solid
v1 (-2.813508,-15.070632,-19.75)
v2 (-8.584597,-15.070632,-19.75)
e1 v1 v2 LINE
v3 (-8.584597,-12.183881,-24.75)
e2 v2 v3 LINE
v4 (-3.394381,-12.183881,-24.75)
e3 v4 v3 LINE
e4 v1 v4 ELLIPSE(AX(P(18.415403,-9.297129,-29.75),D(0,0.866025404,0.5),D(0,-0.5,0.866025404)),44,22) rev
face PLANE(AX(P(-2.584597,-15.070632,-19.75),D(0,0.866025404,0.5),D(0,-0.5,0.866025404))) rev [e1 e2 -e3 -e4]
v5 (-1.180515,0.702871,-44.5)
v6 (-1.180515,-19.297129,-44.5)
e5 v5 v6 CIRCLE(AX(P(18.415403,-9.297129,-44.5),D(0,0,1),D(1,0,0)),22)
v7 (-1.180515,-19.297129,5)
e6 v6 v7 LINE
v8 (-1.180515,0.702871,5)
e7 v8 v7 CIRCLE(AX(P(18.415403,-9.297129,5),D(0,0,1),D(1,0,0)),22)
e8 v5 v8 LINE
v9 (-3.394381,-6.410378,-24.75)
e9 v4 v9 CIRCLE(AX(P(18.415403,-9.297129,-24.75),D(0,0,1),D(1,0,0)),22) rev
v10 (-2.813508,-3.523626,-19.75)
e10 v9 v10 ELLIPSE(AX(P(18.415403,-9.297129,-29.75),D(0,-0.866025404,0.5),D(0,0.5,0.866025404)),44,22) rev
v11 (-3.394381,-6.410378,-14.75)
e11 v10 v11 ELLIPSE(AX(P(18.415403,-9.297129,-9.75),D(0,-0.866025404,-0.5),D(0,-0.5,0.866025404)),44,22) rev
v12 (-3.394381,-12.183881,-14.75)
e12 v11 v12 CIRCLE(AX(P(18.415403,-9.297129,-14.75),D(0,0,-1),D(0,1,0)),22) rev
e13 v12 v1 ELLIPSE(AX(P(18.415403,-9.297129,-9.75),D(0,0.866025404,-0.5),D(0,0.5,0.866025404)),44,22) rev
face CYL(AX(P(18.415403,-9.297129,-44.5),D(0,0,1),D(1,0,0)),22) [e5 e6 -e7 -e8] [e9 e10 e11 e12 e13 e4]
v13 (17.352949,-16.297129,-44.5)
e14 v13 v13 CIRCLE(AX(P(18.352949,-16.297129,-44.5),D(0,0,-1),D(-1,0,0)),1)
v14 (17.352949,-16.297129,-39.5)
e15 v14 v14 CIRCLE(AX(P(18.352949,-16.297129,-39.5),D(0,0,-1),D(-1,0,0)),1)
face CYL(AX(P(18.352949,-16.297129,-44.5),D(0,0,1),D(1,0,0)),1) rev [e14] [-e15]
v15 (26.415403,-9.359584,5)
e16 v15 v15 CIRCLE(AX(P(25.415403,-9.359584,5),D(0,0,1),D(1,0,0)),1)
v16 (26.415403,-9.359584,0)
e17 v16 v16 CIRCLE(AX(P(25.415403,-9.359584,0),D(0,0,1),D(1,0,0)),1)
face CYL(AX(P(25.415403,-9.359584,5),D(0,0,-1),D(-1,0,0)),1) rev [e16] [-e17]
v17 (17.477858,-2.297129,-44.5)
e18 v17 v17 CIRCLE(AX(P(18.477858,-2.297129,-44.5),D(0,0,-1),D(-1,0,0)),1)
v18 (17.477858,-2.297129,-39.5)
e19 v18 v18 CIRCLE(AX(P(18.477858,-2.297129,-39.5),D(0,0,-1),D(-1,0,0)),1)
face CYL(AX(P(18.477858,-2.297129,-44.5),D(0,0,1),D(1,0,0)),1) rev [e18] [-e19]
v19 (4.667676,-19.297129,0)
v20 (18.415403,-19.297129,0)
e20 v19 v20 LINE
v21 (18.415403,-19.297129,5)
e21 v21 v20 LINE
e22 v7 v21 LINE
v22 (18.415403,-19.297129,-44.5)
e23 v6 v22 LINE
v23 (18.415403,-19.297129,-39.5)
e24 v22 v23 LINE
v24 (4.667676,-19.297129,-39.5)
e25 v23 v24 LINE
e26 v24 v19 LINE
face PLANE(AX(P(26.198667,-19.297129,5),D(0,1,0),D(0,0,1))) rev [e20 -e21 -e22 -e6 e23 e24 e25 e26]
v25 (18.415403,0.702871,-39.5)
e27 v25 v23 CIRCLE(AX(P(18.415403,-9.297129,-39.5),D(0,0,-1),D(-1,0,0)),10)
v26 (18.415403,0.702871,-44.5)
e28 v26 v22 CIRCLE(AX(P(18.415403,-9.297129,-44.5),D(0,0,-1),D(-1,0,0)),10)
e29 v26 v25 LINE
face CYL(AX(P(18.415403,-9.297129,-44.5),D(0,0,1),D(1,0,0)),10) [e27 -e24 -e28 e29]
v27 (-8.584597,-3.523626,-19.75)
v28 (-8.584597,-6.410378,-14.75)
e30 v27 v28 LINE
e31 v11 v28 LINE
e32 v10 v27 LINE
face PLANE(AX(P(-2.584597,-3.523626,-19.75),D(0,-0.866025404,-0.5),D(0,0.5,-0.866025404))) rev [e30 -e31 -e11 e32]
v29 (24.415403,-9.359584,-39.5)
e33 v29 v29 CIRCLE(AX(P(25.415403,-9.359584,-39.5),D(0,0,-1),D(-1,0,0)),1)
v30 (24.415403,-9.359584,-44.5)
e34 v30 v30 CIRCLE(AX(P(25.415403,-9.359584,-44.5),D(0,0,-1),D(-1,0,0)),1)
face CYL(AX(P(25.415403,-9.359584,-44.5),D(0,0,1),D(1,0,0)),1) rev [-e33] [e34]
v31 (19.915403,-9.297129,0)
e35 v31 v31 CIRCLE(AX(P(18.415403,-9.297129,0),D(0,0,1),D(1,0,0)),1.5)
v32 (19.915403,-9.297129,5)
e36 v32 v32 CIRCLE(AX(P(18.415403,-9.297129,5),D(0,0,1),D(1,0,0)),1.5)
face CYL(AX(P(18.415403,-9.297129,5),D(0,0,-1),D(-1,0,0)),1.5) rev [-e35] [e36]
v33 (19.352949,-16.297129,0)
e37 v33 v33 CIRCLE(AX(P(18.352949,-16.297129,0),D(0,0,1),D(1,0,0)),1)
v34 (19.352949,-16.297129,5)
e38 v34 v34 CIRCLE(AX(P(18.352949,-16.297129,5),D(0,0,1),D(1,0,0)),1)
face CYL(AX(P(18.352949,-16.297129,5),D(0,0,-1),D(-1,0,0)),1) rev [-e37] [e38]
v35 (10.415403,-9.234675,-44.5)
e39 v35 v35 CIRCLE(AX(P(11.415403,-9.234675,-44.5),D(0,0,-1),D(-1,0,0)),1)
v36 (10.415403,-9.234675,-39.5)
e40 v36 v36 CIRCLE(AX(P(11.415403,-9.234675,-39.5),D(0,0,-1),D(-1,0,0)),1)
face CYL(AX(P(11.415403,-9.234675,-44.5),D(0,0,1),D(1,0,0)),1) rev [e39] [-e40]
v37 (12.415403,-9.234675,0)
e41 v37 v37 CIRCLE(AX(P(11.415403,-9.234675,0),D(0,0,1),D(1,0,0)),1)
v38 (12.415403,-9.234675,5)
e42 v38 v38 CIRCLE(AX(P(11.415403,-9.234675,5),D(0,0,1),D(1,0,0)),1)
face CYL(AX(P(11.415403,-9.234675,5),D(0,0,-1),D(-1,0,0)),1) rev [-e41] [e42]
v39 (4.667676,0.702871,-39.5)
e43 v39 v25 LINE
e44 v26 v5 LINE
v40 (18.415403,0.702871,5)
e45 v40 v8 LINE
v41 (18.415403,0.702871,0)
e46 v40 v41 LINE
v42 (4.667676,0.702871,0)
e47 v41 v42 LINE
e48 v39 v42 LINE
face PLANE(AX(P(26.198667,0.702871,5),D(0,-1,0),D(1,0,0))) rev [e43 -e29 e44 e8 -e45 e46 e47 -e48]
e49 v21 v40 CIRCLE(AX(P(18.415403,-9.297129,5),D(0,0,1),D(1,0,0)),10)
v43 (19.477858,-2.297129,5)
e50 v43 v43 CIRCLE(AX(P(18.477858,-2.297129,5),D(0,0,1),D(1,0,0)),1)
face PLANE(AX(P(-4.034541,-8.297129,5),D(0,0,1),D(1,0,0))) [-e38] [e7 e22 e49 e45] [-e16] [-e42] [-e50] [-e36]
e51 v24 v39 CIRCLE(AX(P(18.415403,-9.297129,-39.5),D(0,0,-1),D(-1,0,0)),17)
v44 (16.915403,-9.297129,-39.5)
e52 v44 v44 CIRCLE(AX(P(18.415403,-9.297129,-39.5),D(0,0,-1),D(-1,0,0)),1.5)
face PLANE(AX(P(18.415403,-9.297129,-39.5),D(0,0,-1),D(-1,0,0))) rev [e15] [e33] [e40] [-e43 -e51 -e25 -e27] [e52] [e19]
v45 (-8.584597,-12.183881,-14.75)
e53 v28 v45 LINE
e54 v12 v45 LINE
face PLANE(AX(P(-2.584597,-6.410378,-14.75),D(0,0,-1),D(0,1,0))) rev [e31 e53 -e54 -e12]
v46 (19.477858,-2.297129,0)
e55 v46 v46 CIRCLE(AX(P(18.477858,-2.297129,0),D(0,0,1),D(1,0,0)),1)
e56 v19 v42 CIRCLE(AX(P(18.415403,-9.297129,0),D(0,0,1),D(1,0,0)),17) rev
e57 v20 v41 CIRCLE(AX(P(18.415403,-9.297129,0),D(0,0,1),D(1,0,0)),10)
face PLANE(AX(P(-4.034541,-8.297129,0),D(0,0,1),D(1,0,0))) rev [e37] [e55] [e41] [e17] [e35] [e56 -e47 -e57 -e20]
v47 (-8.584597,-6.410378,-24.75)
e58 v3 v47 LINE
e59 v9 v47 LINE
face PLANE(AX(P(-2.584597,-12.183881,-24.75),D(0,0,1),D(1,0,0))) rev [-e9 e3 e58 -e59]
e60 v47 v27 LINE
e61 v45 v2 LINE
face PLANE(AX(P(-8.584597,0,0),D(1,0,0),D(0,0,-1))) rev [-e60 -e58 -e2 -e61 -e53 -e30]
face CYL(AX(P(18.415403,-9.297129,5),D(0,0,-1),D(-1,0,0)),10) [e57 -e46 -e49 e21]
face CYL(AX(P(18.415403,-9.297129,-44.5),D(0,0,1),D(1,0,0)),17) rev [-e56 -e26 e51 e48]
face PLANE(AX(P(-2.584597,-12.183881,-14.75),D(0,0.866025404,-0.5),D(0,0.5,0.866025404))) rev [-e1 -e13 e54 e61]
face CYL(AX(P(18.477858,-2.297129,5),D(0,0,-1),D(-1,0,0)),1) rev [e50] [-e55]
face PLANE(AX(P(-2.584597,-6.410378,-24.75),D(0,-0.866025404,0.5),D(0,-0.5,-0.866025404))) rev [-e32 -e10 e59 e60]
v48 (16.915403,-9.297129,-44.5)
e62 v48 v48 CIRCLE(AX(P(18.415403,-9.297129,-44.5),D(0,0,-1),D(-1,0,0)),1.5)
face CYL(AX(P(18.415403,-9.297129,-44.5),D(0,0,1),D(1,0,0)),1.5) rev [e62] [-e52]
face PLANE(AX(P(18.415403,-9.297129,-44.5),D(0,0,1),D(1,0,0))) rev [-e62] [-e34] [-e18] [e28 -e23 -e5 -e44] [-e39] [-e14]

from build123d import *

# Parameters (mm, degrees)
ESQUISSE1_R             = 1
ESQUISSE1_R_2           = 1.5
BOSS_EXTRU_1_DEPTH      = 5
ENL_V_MAT_EXTRU_1_DEPTH = 5
ESQUISSE3_W             = 20
ESQUISSE3_H             = 34
BOSS_EXTRU_2_DEPTH      = 5
ESQUISSE4_R             = 1.5
ESQUISSE4_W             = 9.798464728
ESQUISSE4_H             = 39.858161606
ENL_V_MAT_EXTRU_2_DEPTH = 5
ESQUISSE5_W             = 2.5
ESQUISSE5_H             = 34
BOSS_EXTRU_3_DEPTH      = 5
ESQUISSE6_R             = 1.6
BOSS_EXTRU_4_DEPTH      = 5
ESQUISSE7_W             = 28.704476199
ESQUISSE7_H             = 52.959758587
ENL_V_MAT_EXTRU_3_DEPTH = 10
ESQUISSE8_R             = 1
ESQUISSE8_R_2           = 1.5
BOSS_EXTRU_5_DEPTH      = 5
BOSS_EXTRU_6_DEPTH      = 49.5
BOSS_EXTRU_7_DEPTH      = 1
BOSS_EXTRU_7_DEPTH_BACK = 5


with BuildPart() as part:
    # Esquisse1 → Boss.-Extru.1 (new body)
    with BuildSketch(Plane.XY):
        with BuildLine():
            Line((-13.584596858, -30.047129187), (-13.584596858, -25.547129187))
            Line((-13.584596858, -25.547129187), (-13.584596858, -25.297129187))
            Line((-13.584596858, -25.297129187), (-13.834596858, -25.297129187))
            Line((-13.834596858, -25.297129187), (-16.334596858, -25.297129187))
            Line((-16.334596858, -25.297129187), (-16.584596858, -25.297129187))
            Line((-16.584596858, -25.297129187), (-16.584596858, -25.047129187))
            Line((-16.584596858, -25.047129187), (-16.584596858, 6.452870813))
            Line((-16.584596858, 6.452870813), (-16.584596858, 6.702870813))
            Line((-16.584596858, 6.702870813), (-16.334596858, 6.702870813))
            Line((-16.334596858, 6.702870813), (-13.834596858, 6.702870813))
            Line((-13.834596858, 6.702870813), (-13.584596858, 6.702870813))
            Line((-13.584596858, 6.702870813), (-13.584596858, 6.952870813))
            Line((-13.584596858, 6.952870813), (-13.584596858, 11.452870813))
            Line((-13.584596858, 11.452870813), (-13.584596858, 11.702870813))
            Line((-13.584596858, 11.702870813), (-13.334596858, 11.702870813))
            Line((-13.334596858, 11.702870813), (-8.584596858, 11.702870813))
            Line((-8.584596858, 11.702870813), (-8.584596858, 6.702870813))
            Line((-8.584596858, 6.702870813), (-7.491776281, 6.702870813))
            Line((-7.491776281, 6.702870813), (-4.034541178, 6.702870813))
            ThreePointArc((-4.034541178, 6.702870813), (-0.161557832, 6.19424756), (3.448773595, 4.702870813))
            ThreePointArc((3.448773595, 4.702870813), (10.66943645, 1.720117321), (18.415403142, 0.702870813))
            ThreePointArc((18.415403142, 0.702870813), (28.415403142, -9.297129187), (18.415403142, -19.297129187))
            ThreePointArc((18.415403142, -19.297129187), (10.66943645, -20.314375694), (3.448773595, -23.297129187))
            ThreePointArc((3.448773595, -23.297129187), (-0.161557832, -24.788505933), (-4.034541178, -25.297129187))
            Line((-4.034541178, -25.297129187), (-7.491776281, -25.297129187))
            Line((-7.491776281, -25.297129187), (-8.584596858, -25.297129187))
            Line((-8.584596858, -25.297129187), (-8.584596858, -30.297129187))
            Line((-8.584596858, -30.297129187), (-13.334596858, -30.297129187))
            Line((-13.334596858, -30.297129187), (-13.584596858, -30.297129187))
            Line((-13.584596858, -30.297129187), (-13.584596858, -30.047129187))
        make_face()
        with Locations((18.477857718, -2.297129187)):
            Circle(ESQUISSE1_R, mode=Mode.SUBTRACT)
        with Locations((25.415403142, -9.359583762)):
            Circle(ESQUISSE1_R, mode=Mode.SUBTRACT)
        with Locations((18.415403142, -9.297129187)):
            Circle(ESQUISSE1_R_2, mode=Mode.SUBTRACT)
        with Locations((11.415403142, -9.234674611)):
            Circle(ESQUISSE1_R, mode=Mode.SUBTRACT)
        with Locations((18.352948567, -16.297129187)):
            Circle(ESQUISSE1_R, mode=Mode.SUBTRACT)
    extrude(amount=BOSS_EXTRU_1_DEPTH)

    # Esquisse2 → Enlèv. mat.-Extru.1 (cut)
    with BuildSketch(Plane(origin=(0, 0, 0), x_dir=(-1, 0, 0), z_dir=(0, 0, -1))):
        Polygon((1.584596858, -19.297129187), (1.584596858, -25.297129187), (1.584596858, -26.297129187), (21.584596858, -26.297129187), (21.584596858, -33.65697819), (-26.833247513, -33.65697819), (-26.198667142, -19.297129187), align=None)
        Polygon((21.584596858, 7.702870813), (1.584596858, 7.702870813), (1.584596858, 6.702870813), (1.584596858, 0.702870813), (-26.198667142, 0.702870813), (-26.833247513, 15.062719816), (21.584596858, 15.062719816), align=None)
    extrude(amount=-ENL_V_MAT_EXTRU_1_DEPTH, mode=Mode.SUBTRACT)

    # Esquisse3 → Boss.-Extru.2 (add)
    with BuildSketch(Plane(origin=(0, 0, 0), x_dir=(-1, 0, 0), z_dir=(0, 0, -1))):
        with Locations((11.584596858, -9.297129187)):
            Rectangle(ESQUISSE3_W, ESQUISSE3_H)
    extrude(amount=-BOSS_EXTRU_2_DEPTH)

    # Esquisse4 → Enlèv. mat.-Extru.2 (cut)
    with BuildSketch(Plane(origin=(0, 0, 0), x_dir=(-1, 0, 0), z_dir=(0, 0, -1))):
        with Locations((9.084596858, -22.797129187)):
            Circle(ESQUISSE4_R)
        with Locations((9.084596858, 4.202870813)):
            Circle(ESQUISSE4_R)
        with Locations((23.983829222, -9.020336398)):
            Rectangle(ESQUISSE4_W, ESQUISSE4_H)
    extrude(amount=-ENL_V_MAT_EXTRU_2_DEPTH, mode=Mode.SUBTRACT)

    # Esquisse5 → Boss.-Extru.3 (add)
    with BuildSketch(Plane(origin=(0, 0, 0), x_dir=(-1, 0, 0), z_dir=(0, 0, -1))):
        with Locations((0.334596858, -9.297129187)):
            Rectangle(ESQUISSE5_W, ESQUISSE5_H)
    extrude(amount=-BOSS_EXTRU_3_DEPTH)

    # Esquisse6 → Boss.-Extru.4 (add)
    # profile 1 of 2: a face of its own
    with BuildSketch(Plane(origin=(0, 0, 0), x_dir=(-1, 0, 0), z_dir=(0, 0, -1))):
        with BuildLine():
            Line((12.324596858, -25.12480516), (5.844596858, -25.12480516))
            Line((5.844596858, -25.12480516), (5.844596858, -28.797129187))
            ThreePointArc((5.844596858, -28.797129187), (9.084596858, -32.037129187), (12.324596858, -28.797129187))
            Line((12.324596858, -28.797129187), (12.324596858, -25.12480516))
        make_face()
        with Locations((9.084596858, -28.797129187)):
            Circle(ESQUISSE6_R, mode=Mode.SUBTRACT)
    # profile 2 of 2: a face of its own
    with BuildSketch(Plane(origin=(0, 0, 0), x_dir=(-1, 0, 0), z_dir=(0, 0, -1))):
        with BuildLine():
            Line((12.324596858, 6.757738308), (5.844596858, 6.757738308))
            Line((5.844596858, 6.757738308), (5.844596858, 10.202870813))
            ThreePointArc((5.844596858, 10.202870813), (9.084596858, 13.442870813), (12.324596858, 10.202870813))
            Line((12.324596858, 10.202870813), (12.324596858, 6.757738308))
        make_face()
        with Locations((9.084596858, 10.202870813)):
            Circle(ESQUISSE6_R, mode=Mode.SUBTRACT)
    extrude(amount=-BOSS_EXTRU_4_DEPTH)

    # Esquisse7 → Enlèv. mat.-Extru.3 (cut)
    with BuildSketch(Plane.XY.offset(5)):
        with Locations((-12.936834958, -9.72769633)):
            Rectangle(ESQUISSE7_W, ESQUISSE7_H)
    extrude(amount=-ENL_V_MAT_EXTRU_3_DEPTH, mode=Mode.SUBTRACT)



with BuildPart() as body_2:
    # Esquisse8 → Boss.-Extru.5 (new body)
    with BuildSketch(Plane(origin=(0, 0, -39.5), x_dir=(-1, 0, 0), z_dir=(0, 0, -1))):
        with BuildLine():
            Line((-18.415403142, -19.297129187), (-1.415403142, -19.297129187))
            Line((-1.415403142, -19.297129187), (-1.415403142, 0.702870813))
            Line((-1.415403142, 0.702870813), (-18.415403142, 0.702870813))
            ThreePointArc((-18.415403142, 0.702870813), (-28.415403142, -9.297129187), (-18.415403142, -19.297129187))
        make_face()
        with Locations(Location((-11.415403142, -9.234674611, 0), (0, 0, 180))):
            Circle(ESQUISSE8_R, mode=Mode.SUBTRACT)
        with Locations(Location((-18.352948567, -16.297129187, 0), (0, 0, 180))):
            Circle(ESQUISSE8_R, mode=Mode.SUBTRACT)
        with Locations(Location((-18.415403142, -9.297129187, 0), (0, 0, 180))):
            Circle(ESQUISSE8_R_2, mode=Mode.SUBTRACT)
        with Locations(Location((-18.477857718, -2.297129187, 0), (0, 0, 180))):
            Circle(ESQUISSE8_R, mode=Mode.SUBTRACT)
        with Locations(Location((-25.415403142, -9.359583762, 0), (0, 0, 180))):
            Circle(ESQUISSE8_R, mode=Mode.SUBTRACT)
    extrude(amount=BOSS_EXTRU_5_DEPTH)


with BuildPart() as part_1:
    add(part.part)

    add(body_2.part)  # Boss.-Extru.6 merges body 2
    # Esquisse9 → Boss.-Extru.6 (add)
    with BuildSketch(Plane.XY.offset(5)):
        with BuildLine():
            Line((4.667676058, -19.297129187), (-1.1805148, -19.297129187))
            ThreePointArc((-1.1805148, -19.297129187), (-3.584596858, -9.297129187), (-1.1805148, 0.702870813))
            Line((-1.1805148, 0.702870813), (4.667676058, 0.702870813))
            ThreePointArc((4.667676058, 0.702870813), (1.415403142, -9.297129187), (4.667676058, -19.297129187))
        make_face()
    extrude(amount=-BOSS_EXTRU_6_DEPTH)

    # Esquisse10 → Boss.-Extru.7 (add, two sides: drawn at the far end of the back side and taken through both)
    with BuildSketch(Plane(origin=(-3.584596858, 0, 0), x_dir=(0, 0, -1), z_dir=(1, 0, 0)).offset(-BOSS_EXTRU_7_DEPTH_BACK)):
        Polygon((24.75, -12.183880533), (24.75, -6.410377841), (19.75, -3.523626495), (14.75, -6.410377841), (14.75, -12.183880533), (19.75, -15.070631878), align=None)
    extrude(amount=BOSS_EXTRU_7_DEPTH + BOSS_EXTRU_7_DEPTH_BACK)


solid = part_1.part
